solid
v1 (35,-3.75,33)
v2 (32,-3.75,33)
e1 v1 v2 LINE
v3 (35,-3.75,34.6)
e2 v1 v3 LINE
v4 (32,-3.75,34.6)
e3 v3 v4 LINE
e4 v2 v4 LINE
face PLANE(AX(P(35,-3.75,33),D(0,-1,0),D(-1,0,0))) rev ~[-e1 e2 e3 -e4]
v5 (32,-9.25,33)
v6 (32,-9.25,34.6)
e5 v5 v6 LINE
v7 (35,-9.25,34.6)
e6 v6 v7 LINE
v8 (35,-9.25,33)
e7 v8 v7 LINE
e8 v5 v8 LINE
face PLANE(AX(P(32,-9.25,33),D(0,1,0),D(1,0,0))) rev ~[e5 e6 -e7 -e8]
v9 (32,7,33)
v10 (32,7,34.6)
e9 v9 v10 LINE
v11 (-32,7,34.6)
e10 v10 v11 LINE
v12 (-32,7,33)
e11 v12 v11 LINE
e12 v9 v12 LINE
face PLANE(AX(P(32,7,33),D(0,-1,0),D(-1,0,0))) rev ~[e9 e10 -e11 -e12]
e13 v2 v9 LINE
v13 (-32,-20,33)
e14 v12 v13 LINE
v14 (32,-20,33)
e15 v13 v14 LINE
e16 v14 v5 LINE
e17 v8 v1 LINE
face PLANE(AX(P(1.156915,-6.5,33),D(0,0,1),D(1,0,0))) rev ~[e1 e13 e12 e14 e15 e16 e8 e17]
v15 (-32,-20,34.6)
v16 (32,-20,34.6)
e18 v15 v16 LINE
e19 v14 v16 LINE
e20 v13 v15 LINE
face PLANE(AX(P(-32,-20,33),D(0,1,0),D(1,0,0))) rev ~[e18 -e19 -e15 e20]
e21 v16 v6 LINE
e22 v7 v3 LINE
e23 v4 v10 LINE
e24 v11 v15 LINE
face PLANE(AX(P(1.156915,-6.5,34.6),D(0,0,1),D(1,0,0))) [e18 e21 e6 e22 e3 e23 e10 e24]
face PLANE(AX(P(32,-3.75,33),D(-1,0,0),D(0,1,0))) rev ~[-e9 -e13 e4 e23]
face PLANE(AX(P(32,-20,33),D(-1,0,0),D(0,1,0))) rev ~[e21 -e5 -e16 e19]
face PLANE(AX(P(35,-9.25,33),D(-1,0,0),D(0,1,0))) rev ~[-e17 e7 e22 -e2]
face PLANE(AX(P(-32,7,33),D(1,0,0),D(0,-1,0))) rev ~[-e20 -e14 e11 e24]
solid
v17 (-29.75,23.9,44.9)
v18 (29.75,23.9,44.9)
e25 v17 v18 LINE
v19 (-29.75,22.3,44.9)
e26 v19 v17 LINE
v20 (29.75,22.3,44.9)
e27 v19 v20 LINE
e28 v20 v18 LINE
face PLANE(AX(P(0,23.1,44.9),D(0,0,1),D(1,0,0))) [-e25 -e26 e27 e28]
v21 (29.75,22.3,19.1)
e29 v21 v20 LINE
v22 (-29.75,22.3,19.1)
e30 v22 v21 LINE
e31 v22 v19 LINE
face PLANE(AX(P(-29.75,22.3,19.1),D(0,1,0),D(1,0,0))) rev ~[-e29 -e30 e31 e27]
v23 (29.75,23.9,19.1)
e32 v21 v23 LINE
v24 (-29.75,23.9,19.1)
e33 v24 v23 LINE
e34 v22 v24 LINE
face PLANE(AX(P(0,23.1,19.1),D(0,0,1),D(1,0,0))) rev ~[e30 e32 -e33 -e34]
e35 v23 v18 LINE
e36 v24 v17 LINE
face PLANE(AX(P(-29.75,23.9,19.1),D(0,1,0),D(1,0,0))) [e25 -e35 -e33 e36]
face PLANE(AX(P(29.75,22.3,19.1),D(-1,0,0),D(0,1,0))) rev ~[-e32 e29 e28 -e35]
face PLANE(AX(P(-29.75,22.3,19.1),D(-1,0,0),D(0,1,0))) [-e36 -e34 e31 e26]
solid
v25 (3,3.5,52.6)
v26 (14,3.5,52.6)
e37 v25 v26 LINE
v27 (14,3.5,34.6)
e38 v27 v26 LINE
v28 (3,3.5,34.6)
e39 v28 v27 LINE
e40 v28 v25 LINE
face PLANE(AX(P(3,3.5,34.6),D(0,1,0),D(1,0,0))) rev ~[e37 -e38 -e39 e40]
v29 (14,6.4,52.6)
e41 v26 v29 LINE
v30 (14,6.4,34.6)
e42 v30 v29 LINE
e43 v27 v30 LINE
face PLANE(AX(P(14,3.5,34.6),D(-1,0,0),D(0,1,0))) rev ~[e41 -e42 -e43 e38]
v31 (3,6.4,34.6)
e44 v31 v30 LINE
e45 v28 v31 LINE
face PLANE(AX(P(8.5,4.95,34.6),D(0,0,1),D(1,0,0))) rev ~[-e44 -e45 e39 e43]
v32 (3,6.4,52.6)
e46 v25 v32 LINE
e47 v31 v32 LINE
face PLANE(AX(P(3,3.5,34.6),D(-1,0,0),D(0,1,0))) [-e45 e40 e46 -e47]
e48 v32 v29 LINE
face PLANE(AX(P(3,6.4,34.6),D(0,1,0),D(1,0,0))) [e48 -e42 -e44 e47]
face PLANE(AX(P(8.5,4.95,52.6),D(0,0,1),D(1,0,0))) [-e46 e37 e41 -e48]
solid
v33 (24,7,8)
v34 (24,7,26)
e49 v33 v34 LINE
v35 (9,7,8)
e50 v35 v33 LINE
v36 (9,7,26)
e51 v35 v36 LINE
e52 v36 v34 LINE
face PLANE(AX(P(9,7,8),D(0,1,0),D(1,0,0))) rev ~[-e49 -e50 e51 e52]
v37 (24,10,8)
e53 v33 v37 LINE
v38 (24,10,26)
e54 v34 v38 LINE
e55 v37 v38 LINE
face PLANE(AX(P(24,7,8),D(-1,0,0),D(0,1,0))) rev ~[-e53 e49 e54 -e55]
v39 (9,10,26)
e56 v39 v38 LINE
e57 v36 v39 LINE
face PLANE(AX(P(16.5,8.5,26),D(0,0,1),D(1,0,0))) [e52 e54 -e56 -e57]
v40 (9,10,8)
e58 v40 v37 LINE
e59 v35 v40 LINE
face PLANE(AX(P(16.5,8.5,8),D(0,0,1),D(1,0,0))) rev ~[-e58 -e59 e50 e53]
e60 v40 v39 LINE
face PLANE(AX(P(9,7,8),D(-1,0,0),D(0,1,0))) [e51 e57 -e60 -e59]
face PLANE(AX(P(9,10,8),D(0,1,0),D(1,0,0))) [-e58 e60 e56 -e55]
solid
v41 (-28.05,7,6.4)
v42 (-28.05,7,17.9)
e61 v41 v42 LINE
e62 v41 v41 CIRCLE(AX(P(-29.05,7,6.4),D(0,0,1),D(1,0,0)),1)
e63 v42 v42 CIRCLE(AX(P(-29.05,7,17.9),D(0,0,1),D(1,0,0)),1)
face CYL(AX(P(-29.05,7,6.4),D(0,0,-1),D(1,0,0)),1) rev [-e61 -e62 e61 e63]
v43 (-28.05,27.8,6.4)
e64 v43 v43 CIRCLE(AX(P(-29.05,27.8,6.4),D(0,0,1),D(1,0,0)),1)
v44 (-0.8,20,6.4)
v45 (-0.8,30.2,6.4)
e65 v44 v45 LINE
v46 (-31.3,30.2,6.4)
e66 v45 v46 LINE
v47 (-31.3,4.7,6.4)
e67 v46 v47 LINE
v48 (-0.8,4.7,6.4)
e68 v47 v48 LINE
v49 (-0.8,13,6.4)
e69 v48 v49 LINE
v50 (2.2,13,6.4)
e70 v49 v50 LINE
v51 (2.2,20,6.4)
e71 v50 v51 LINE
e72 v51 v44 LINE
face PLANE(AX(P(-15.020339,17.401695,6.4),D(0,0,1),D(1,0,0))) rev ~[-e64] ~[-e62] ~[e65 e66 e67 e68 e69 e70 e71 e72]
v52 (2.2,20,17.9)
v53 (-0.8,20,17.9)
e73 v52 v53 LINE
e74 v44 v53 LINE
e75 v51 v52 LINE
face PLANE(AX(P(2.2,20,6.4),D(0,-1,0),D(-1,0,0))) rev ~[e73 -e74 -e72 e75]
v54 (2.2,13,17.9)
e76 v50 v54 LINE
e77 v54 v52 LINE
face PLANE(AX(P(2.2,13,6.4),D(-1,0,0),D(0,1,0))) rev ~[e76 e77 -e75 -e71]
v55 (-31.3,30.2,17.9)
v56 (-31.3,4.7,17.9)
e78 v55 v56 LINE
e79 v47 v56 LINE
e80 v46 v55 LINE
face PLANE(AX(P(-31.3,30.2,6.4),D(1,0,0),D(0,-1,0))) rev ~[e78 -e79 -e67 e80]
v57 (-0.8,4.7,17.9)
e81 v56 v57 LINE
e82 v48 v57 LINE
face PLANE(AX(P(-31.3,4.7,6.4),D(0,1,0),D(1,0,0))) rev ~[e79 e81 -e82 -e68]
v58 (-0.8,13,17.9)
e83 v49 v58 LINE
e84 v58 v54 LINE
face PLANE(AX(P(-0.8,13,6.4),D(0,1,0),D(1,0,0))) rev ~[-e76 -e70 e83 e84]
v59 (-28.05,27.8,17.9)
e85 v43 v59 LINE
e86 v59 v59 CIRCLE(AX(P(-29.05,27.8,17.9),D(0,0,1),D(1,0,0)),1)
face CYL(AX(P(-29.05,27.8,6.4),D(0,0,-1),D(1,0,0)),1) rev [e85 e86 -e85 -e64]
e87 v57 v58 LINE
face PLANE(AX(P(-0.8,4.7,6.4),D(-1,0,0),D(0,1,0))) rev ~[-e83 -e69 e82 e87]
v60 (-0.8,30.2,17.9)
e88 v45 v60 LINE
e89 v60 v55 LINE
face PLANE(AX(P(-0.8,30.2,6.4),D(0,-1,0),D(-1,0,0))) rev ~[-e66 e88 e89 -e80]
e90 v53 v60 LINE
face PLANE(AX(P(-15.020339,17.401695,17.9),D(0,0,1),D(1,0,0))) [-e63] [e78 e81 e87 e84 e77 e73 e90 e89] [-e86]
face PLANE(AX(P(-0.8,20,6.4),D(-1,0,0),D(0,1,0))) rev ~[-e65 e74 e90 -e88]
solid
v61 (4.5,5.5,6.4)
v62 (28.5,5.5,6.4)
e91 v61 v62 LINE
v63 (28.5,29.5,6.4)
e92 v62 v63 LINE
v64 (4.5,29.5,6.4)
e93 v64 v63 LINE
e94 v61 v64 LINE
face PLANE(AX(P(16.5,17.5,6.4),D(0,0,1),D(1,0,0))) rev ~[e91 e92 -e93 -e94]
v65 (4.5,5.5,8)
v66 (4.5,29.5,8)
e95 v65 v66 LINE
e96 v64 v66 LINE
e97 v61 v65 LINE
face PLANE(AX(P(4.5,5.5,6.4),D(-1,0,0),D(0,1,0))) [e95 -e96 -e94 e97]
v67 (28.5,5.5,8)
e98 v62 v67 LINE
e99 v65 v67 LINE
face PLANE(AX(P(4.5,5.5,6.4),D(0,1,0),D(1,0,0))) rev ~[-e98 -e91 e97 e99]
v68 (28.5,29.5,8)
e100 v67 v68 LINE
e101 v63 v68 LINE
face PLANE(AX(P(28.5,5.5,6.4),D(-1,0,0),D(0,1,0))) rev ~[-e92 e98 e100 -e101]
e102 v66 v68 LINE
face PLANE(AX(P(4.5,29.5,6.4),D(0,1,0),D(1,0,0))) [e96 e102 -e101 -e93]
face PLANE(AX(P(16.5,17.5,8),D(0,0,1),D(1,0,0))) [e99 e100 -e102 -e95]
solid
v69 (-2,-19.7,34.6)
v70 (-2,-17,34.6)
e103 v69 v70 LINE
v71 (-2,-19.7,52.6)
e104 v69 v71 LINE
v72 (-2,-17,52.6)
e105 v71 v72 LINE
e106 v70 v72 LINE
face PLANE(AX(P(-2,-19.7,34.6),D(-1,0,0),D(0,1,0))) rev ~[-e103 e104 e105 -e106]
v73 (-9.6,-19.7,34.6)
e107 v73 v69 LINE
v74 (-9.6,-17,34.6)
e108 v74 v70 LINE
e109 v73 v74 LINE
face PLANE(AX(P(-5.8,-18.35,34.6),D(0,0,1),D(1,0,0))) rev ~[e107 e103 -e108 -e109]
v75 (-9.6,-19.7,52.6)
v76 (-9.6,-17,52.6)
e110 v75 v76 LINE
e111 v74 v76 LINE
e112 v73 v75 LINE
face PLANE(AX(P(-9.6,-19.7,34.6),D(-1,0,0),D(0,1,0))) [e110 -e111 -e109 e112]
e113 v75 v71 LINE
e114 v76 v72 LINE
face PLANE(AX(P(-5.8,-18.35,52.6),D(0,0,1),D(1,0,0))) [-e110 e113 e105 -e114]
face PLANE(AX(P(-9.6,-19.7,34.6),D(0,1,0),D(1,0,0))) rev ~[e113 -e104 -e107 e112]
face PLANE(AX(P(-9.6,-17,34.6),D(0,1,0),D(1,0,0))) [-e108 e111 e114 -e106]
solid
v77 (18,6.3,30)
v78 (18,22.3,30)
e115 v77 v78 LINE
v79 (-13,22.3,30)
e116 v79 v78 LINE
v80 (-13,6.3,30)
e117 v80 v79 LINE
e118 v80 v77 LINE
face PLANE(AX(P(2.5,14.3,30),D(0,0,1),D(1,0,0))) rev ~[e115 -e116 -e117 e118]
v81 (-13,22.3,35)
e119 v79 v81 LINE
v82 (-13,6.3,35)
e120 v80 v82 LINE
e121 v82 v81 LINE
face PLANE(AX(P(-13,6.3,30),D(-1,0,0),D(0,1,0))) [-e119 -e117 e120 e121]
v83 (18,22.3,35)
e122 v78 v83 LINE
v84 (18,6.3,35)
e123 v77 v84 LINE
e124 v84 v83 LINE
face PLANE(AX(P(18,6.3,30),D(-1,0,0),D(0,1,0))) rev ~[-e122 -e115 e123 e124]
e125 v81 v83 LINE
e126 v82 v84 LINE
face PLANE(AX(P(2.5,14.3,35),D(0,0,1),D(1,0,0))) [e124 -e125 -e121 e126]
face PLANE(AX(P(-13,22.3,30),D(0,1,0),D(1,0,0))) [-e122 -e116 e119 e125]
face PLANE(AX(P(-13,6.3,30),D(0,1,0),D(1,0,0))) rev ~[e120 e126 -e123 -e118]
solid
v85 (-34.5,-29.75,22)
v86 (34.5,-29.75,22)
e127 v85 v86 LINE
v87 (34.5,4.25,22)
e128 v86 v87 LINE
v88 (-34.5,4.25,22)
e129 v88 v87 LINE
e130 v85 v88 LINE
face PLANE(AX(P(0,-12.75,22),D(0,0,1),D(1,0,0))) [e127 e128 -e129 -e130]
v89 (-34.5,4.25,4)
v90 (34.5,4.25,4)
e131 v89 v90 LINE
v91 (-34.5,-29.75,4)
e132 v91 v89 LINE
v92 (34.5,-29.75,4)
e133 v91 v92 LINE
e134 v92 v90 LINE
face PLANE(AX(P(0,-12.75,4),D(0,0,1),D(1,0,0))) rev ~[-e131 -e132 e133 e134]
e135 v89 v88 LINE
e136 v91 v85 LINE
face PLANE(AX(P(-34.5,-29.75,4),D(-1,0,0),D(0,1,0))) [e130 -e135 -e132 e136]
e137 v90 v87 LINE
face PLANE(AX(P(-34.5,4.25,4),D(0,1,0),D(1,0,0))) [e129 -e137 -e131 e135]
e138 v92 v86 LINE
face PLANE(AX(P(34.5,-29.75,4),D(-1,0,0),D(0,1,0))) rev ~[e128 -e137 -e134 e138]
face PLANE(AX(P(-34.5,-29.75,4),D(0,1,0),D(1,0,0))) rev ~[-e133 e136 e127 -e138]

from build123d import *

# Parameters (mm, degrees)
BATTERY_START                              = 4
BATTERY_HOLDER_69_X_34_X_18_PROFILE_W      = 69
BATTERY_HOLDER_69_X_34_X_18_PROFILE_H      = 34
BATTERY_HOLDER_69_X_34_X_18_DEPTH          = 18
YBX_START                                  = 6.4
YBX_BOARD_24_X_24_PROFILE_W                = 24
YBX_BOARD_24_X_24_PROFILE_H                = 24
YBX_BOARD_24_X_24_DEPTH                    = 1.6
YBX_START_2                                = 8
YBX_JUMPER_ALLOWANCE_PROFILE_W             = 15
YBX_JUMPER_ALLOWANCE_PROFILE_H             = 3
YBX_JUMPER_ALLOWANCE_DEPTH                 = 18
GNSS_START                                 = 6.4
GNSS_11_5_MM_HIGH_3_MM_PROJECTION_2_R      = 1
GNSS_11_5_MM_HIGH_3_MM_PROJECTION_D2_DEPTH = 11.5
POWER_START                                = 19.1
POWER_BOARD_59_5_X_25_8_PROFILE_W          = 59.5
POWER_BOARD_59_5_X_25_8_PROFILE_H          = 1.6
POWER_BOARD_59_5_X_25_8_DEPTH              = 25.8
POWER_START_2                              = 30
POWER_HORIZONTAL_CONNECTOR_ALLOWANCE_PRO_W = 31
POWER_HORIZONTAL_CONNECTOR_ALLOWANCE_PRO_H = 16
POWER_HORIZONTAL_CONNECTOR_ALLOWANCE_DEPTH = 5
EORA_START                                 = 33
EORA_64_X_27_TOP_PROJECTION_3_X_5_5_DEPTH  = 1.6
EORA_START_2                               = 34.6
EORA_JUMPER_ALLOWANCE_A_PROFILE_W          = 7.6
EORA_JUMPER_ALLOWANCE_A_PROFILE_H          = 2.7
EORA_JUMPER_ALLOWANCE_A_DEPTH              = 18
EORA_JUMPER_ALLOWANCE_B_PROFILE_W          = 11
EORA_JUMPER_ALLOWANCE_B_PROFILE_H          = 2.9
EORA_JUMPER_ALLOWANCE_B_DEPTH              = 18


with BuildPart() as part:
    # Battery holder 69 x 34 x 18 profile → Battery holder 69 x 34 x 18 (new body)
    with BuildSketch(Plane.XY.offset(BATTERY_START)):
        with Locations((0, -12.75)):
            Rectangle(BATTERY_HOLDER_69_X_34_X_18_PROFILE_W, BATTERY_HOLDER_69_X_34_X_18_PROFILE_H)
    extrude(amount=BATTERY_HOLDER_69_X_34_X_18_DEPTH)


with BuildPart() as body_2:
    # YBX board 24 x 24 profile → YBX board 24 x 24 (new body)
    with BuildSketch(Plane.XY.offset(YBX_START)):
        with Locations((16.5, 17.5)):
            Rectangle(YBX_BOARD_24_X_24_PROFILE_W, YBX_BOARD_24_X_24_PROFILE_H)
    extrude(amount=YBX_BOARD_24_X_24_DEPTH)


with BuildPart() as body_3:
    # YBX jumper allowance profile → YBX jumper allowance (new body)
    with BuildSketch(Plane.XY.offset(YBX_START_2)):
        with Locations((16.5, 8.5)):
            Rectangle(YBX_JUMPER_ALLOWANCE_PROFILE_W, YBX_JUMPER_ALLOWANCE_PROFILE_H)
    extrude(amount=YBX_JUMPER_ALLOWANCE_DEPTH)


with BuildPart() as body_4:
    # GNSS 11.5 mm high - 3 mm projection  2 → GNSS 11.5 mm high - 3 mm projection - D2 (new body)
    with BuildSketch(Plane.XY.offset(GNSS_START)):
        Polygon((-31.3, 4.7), (-0.8, 4.7), (-0.8, 13), (2.2, 13), (2.2, 20), (-0.8, 20), (-0.8, 30.2), (-31.3, 30.2), align=None)
        with Locations((-29.05, 7)):
            Circle(GNSS_11_5_MM_HIGH_3_MM_PROJECTION_2_R, mode=Mode.SUBTRACT)
        with Locations((-29.05, 27.8)):
            Circle(GNSS_11_5_MM_HIGH_3_MM_PROJECTION_2_R, mode=Mode.SUBTRACT)
    extrude(amount=GNSS_11_5_MM_HIGH_3_MM_PROJECTION_D2_DEPTH)


with BuildPart() as body_5:
    # Power board 59.5 x 25.8 profile → Power board 59.5 x 25.8 (new body)
    with BuildSketch(Plane.XY.offset(POWER_START)):
        with Locations((0, 23.1)):
            Rectangle(POWER_BOARD_59_5_X_25_8_PROFILE_W, POWER_BOARD_59_5_X_25_8_PROFILE_H)
    extrude(amount=POWER_BOARD_59_5_X_25_8_DEPTH)


with BuildPart() as body_6:
    # Power horizontal connector allowance profile → Power horizontal connector allowance (new body)
    with BuildSketch(Plane.XY.offset(POWER_START_2)):
        with Locations((2.5, 14.3)):
            Rectangle(POWER_HORIZONTAL_CONNECTOR_ALLOWANCE_PRO_W, POWER_HORIZONTAL_CONNECTOR_ALLOWANCE_PRO_H)
    extrude(amount=POWER_HORIZONTAL_CONNECTOR_ALLOWANCE_DEPTH)


with BuildPart() as body_7:
    # EoRa 64 x 27 - top projection 3 x 5.5 profile → EoRa 64 x 27 - top projection 3 x 5.5 (new body)
    with BuildSketch(Plane.XY.offset(EORA_START)):
        Polygon((-32, -20), (32, -20), (32, -9.25), (35, -9.25), (35, -3.75), (32, -3.75), (32, 7), (-32, 7), align=None)
    extrude(amount=EORA_64_X_27_TOP_PROJECTION_3_X_5_5_DEPTH)


with BuildPart() as body_8:
    # EoRa jumper allowance A profile → EoRa jumper allowance A (new body)
    with BuildSketch(Plane.XY.offset(EORA_START_2)):
        with Locations((-5.8, -18.35)):
            Rectangle(EORA_JUMPER_ALLOWANCE_A_PROFILE_W, EORA_JUMPER_ALLOWANCE_A_PROFILE_H)
    extrude(amount=EORA_JUMPER_ALLOWANCE_A_DEPTH)


with BuildPart() as body_9:
    # EoRa jumper allowance B profile → EoRa jumper allowance B (new body)
    with BuildSketch(Plane.XY.offset(EORA_START_2)):
        with Locations((8.5, 4.95)):
            Rectangle(EORA_JUMPER_ALLOWANCE_B_PROFILE_W, EORA_JUMPER_ALLOWANCE_B_PROFILE_H)
    extrude(amount=EORA_JUMPER_ALLOWANCE_B_DEPTH)


solid = Compound([part.part, body_2.part, body_3.part, body_4.part, body_5.part, body_6.part, body_7.part, body_8.part, body_9.part])
